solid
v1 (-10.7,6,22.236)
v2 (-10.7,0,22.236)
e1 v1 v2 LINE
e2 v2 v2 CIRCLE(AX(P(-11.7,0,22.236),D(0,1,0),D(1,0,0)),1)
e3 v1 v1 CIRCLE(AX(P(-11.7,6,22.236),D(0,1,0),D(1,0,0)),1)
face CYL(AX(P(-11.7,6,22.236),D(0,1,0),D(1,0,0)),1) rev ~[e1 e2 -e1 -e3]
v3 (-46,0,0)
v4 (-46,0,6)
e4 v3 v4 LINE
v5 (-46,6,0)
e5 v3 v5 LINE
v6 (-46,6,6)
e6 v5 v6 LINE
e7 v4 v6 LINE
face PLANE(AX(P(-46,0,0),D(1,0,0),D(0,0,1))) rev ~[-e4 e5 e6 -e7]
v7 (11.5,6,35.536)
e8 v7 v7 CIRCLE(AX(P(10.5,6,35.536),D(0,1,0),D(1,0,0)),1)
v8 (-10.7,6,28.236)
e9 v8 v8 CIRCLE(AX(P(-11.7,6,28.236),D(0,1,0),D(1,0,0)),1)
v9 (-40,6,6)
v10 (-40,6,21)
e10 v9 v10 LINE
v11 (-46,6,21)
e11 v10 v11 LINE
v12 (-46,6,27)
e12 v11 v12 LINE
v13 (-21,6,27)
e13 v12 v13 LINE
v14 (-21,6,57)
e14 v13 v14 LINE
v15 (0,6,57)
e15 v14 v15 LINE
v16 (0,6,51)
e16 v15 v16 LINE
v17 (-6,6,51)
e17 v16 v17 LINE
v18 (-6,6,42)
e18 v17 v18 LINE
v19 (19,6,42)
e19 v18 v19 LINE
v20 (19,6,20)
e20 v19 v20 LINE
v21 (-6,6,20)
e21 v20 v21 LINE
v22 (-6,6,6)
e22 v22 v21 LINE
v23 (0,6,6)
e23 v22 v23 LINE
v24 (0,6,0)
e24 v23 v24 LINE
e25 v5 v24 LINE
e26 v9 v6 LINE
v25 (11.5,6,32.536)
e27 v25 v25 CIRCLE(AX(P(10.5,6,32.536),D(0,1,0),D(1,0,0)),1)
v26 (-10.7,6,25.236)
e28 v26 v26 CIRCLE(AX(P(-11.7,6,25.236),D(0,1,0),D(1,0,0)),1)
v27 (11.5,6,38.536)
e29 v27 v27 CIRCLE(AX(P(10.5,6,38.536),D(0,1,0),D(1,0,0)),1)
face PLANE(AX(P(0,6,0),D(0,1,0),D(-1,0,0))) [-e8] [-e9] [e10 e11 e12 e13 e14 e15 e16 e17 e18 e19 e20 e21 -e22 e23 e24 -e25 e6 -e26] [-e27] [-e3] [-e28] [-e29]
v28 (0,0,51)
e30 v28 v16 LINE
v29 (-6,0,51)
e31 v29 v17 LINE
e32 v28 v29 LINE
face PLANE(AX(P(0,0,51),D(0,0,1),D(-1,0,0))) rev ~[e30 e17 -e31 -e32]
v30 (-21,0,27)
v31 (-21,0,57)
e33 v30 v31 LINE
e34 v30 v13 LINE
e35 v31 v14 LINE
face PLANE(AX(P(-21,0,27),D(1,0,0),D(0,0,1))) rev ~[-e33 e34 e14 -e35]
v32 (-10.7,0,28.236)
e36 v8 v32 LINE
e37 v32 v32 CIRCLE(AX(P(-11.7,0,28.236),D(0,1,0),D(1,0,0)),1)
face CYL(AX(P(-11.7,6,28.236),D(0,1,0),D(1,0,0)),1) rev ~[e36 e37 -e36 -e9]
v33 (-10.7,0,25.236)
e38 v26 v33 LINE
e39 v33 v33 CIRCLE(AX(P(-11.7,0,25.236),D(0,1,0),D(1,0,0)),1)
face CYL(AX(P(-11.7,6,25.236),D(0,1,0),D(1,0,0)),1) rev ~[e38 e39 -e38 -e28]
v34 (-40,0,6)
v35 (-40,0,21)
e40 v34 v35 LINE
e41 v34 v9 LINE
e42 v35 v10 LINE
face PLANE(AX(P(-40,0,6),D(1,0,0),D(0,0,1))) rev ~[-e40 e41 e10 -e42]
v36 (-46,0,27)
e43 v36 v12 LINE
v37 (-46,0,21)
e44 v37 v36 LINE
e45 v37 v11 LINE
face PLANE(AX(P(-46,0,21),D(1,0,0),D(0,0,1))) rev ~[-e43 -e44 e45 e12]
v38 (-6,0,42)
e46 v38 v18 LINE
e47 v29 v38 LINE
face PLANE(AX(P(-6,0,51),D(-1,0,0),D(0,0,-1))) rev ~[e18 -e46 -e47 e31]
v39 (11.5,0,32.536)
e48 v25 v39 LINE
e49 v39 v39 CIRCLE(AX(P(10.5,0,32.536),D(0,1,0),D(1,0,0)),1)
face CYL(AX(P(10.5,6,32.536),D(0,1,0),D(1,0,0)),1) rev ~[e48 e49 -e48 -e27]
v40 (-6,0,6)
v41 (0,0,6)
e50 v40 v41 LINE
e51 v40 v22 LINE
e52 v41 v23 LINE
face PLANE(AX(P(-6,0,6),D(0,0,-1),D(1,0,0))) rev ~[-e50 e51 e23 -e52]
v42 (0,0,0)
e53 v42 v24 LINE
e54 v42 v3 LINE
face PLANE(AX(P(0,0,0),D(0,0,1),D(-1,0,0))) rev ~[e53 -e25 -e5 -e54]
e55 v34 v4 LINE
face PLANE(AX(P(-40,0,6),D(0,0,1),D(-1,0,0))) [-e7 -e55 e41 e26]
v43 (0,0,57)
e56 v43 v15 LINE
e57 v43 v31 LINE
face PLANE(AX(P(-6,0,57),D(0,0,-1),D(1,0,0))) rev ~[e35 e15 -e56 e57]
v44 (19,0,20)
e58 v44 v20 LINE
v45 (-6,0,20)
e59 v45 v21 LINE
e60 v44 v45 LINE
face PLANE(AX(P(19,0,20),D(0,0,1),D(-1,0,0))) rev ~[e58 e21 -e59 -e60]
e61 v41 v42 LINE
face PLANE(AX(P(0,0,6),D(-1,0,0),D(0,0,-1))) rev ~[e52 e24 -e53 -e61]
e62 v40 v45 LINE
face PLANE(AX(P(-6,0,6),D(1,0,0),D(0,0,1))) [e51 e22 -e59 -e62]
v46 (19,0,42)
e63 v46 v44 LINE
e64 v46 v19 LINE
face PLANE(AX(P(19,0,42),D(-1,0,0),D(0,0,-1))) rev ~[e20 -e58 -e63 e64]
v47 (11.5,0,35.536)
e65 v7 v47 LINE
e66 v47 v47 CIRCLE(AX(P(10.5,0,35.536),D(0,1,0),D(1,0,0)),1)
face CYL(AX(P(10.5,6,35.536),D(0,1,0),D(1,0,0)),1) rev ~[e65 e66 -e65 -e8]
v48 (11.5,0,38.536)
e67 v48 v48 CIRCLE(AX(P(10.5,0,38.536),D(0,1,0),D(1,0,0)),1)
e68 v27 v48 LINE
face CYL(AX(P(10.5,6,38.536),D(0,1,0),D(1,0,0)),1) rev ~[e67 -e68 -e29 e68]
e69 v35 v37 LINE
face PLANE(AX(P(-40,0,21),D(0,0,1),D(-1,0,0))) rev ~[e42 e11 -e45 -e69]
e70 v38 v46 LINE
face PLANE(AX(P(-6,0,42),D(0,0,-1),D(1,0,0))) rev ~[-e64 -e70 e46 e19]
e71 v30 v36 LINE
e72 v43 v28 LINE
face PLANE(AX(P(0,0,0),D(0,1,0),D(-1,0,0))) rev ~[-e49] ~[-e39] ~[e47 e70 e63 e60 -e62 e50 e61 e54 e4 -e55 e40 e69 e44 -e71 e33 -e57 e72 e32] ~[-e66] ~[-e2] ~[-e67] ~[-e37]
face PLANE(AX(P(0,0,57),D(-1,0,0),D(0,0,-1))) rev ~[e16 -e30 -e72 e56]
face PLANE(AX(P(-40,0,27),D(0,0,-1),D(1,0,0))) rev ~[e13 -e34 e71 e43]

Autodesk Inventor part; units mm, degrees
ref_plane "YZ Plane" through (0, 0, 0) normal (1, 0, 0) x (0, 1, 0)
ref_plane "XZ Plane" through (0, 0, 0) normal (0, 1, 0) x (-1, 0, 0)
ref_plane "XY Plane" through (0, 0, 0) normal (0, 0, 1) x (1, 0, 0)
sketch "Sketch1" plane through (0, 0, 0) normal (0, 1, 0) x (-1, 0, 0)
  line L0 (0, 0) -> (40, 0)
  line L1 (46, 0) -> (46, 6)
  line L2 (46, 27) -> (40, 27)
  line L3 (0, 27) -> (0, 6) construction
  line L4 (46, 27) -> (40, 27)
  line L5 (40, 27) -> (40, 21) construction
  line L6 (40, 21) -> (46, 21)
  line L7 (46, 21) -> (46, 27)
  line L8 (46, 0) -> (40, 0)
  line L9 (40, 0) -> (40, 6) construction
  line L10 (40, 6) -> (46, 6)
  line L11 (46, 6) -> (46, 0)
  line L12 (46, 21) -> (46, 27)
  line L13 (40, 27) -> (6, 27)
  line L14 (40, 0) -> (46, 0)
  line L15 (46, 6) -> (46, 21) construction
  line L16 (40, 6) -> (40, 21)
  line L17 (0, 0) -> (6, 0)
  line L18 (6, 0) -> (6, 6) construction
  line L19 (6, 6) -> (0, 6)
  line L20 (0, 6) -> (0, 0)
  line L21 (6, 6) -> (6, 27)
  line L22 (6, 27) -> (0, 27) construction
  line L23 (0, 6) -> (0, 0)
  line L24 (6, 27) -> (21, 27)
  line L25 (21, 27) -> (21, 57)
  line L26 (21, 57) -> (6, 57)
  line L27 (6, 57) -> (0, 57)
  line L28 (0, 57) -> (0, 51)
  line L29 (0, 51) -> (6, 51)
  line L30 (6, 51) -> (6, 57) construction
  line L31 (6, 51) -> (6, 27)
  line L32 (6, 42) -> (-19, 42)
  line L33 (-19, 42) -> (-19, 20)
  line L34 (-19, 20) -> (6, 20)
  line L35 (6, 20) -> (6, 42)
  dimension "d0" = 46
  dimension "d1" = 27
  dimension "d2" = 6
  dimension "d3" = 6
  dimension "d4" = 6
  dimension "d5" = 6
  dimension "d6" = 6
  dimension "d7" = 6
  dimension "d10" = 15
  dimension "d11" = 30
  dimension "d12" = 6
  dimension "d13" = 6
  dimension "d34" = 25
  dimension "d35" = 22
  dimension "d36" = 9
extrude "Extrusion1" add sketch "Sketch1" along normal blind 6
sketch "Sketch2" plane through (0, 6, 0) normal (0, 1, 0) x (1, 0, 0)
  circle A0 centre (10.5, -38.536) radius 1
  circle A1 centre (10.5, -35.536) radius 1
  circle A2 centre (10.5, -32.536) radius 1
  circle A3 centre (-11.7, -28.236) radius 1
  circle A4 centre (-11.7, -25.236) radius 1
  circle A5 centre (-11.7, -22.236) radius 1
  line L0 (0, -51) -> (-6, -51) projected
  line L1 (19, -42) -> (19, -20) projected
  dimension "d22" = 2
  dimension "d24" = 2
  dimension "d25" = 3
  dimension "d26" = 2
  dimension "d27" = 3
  dimension "d28" = 2
  dimension "d29" = 2
  dimension "d30" = 3
  dimension "d31" = 2
  dimension "d32" = 3
  dimension "d37" = 10.3
  dimension "d39" = 22.2
  dimension "d51" = 12.464
  dimension "d57" = 8.5
extrude "Extrusion2" cut sketch "Sketch2" against normal through all
properties part number "thumper-bumper-sidewall3-v3"
